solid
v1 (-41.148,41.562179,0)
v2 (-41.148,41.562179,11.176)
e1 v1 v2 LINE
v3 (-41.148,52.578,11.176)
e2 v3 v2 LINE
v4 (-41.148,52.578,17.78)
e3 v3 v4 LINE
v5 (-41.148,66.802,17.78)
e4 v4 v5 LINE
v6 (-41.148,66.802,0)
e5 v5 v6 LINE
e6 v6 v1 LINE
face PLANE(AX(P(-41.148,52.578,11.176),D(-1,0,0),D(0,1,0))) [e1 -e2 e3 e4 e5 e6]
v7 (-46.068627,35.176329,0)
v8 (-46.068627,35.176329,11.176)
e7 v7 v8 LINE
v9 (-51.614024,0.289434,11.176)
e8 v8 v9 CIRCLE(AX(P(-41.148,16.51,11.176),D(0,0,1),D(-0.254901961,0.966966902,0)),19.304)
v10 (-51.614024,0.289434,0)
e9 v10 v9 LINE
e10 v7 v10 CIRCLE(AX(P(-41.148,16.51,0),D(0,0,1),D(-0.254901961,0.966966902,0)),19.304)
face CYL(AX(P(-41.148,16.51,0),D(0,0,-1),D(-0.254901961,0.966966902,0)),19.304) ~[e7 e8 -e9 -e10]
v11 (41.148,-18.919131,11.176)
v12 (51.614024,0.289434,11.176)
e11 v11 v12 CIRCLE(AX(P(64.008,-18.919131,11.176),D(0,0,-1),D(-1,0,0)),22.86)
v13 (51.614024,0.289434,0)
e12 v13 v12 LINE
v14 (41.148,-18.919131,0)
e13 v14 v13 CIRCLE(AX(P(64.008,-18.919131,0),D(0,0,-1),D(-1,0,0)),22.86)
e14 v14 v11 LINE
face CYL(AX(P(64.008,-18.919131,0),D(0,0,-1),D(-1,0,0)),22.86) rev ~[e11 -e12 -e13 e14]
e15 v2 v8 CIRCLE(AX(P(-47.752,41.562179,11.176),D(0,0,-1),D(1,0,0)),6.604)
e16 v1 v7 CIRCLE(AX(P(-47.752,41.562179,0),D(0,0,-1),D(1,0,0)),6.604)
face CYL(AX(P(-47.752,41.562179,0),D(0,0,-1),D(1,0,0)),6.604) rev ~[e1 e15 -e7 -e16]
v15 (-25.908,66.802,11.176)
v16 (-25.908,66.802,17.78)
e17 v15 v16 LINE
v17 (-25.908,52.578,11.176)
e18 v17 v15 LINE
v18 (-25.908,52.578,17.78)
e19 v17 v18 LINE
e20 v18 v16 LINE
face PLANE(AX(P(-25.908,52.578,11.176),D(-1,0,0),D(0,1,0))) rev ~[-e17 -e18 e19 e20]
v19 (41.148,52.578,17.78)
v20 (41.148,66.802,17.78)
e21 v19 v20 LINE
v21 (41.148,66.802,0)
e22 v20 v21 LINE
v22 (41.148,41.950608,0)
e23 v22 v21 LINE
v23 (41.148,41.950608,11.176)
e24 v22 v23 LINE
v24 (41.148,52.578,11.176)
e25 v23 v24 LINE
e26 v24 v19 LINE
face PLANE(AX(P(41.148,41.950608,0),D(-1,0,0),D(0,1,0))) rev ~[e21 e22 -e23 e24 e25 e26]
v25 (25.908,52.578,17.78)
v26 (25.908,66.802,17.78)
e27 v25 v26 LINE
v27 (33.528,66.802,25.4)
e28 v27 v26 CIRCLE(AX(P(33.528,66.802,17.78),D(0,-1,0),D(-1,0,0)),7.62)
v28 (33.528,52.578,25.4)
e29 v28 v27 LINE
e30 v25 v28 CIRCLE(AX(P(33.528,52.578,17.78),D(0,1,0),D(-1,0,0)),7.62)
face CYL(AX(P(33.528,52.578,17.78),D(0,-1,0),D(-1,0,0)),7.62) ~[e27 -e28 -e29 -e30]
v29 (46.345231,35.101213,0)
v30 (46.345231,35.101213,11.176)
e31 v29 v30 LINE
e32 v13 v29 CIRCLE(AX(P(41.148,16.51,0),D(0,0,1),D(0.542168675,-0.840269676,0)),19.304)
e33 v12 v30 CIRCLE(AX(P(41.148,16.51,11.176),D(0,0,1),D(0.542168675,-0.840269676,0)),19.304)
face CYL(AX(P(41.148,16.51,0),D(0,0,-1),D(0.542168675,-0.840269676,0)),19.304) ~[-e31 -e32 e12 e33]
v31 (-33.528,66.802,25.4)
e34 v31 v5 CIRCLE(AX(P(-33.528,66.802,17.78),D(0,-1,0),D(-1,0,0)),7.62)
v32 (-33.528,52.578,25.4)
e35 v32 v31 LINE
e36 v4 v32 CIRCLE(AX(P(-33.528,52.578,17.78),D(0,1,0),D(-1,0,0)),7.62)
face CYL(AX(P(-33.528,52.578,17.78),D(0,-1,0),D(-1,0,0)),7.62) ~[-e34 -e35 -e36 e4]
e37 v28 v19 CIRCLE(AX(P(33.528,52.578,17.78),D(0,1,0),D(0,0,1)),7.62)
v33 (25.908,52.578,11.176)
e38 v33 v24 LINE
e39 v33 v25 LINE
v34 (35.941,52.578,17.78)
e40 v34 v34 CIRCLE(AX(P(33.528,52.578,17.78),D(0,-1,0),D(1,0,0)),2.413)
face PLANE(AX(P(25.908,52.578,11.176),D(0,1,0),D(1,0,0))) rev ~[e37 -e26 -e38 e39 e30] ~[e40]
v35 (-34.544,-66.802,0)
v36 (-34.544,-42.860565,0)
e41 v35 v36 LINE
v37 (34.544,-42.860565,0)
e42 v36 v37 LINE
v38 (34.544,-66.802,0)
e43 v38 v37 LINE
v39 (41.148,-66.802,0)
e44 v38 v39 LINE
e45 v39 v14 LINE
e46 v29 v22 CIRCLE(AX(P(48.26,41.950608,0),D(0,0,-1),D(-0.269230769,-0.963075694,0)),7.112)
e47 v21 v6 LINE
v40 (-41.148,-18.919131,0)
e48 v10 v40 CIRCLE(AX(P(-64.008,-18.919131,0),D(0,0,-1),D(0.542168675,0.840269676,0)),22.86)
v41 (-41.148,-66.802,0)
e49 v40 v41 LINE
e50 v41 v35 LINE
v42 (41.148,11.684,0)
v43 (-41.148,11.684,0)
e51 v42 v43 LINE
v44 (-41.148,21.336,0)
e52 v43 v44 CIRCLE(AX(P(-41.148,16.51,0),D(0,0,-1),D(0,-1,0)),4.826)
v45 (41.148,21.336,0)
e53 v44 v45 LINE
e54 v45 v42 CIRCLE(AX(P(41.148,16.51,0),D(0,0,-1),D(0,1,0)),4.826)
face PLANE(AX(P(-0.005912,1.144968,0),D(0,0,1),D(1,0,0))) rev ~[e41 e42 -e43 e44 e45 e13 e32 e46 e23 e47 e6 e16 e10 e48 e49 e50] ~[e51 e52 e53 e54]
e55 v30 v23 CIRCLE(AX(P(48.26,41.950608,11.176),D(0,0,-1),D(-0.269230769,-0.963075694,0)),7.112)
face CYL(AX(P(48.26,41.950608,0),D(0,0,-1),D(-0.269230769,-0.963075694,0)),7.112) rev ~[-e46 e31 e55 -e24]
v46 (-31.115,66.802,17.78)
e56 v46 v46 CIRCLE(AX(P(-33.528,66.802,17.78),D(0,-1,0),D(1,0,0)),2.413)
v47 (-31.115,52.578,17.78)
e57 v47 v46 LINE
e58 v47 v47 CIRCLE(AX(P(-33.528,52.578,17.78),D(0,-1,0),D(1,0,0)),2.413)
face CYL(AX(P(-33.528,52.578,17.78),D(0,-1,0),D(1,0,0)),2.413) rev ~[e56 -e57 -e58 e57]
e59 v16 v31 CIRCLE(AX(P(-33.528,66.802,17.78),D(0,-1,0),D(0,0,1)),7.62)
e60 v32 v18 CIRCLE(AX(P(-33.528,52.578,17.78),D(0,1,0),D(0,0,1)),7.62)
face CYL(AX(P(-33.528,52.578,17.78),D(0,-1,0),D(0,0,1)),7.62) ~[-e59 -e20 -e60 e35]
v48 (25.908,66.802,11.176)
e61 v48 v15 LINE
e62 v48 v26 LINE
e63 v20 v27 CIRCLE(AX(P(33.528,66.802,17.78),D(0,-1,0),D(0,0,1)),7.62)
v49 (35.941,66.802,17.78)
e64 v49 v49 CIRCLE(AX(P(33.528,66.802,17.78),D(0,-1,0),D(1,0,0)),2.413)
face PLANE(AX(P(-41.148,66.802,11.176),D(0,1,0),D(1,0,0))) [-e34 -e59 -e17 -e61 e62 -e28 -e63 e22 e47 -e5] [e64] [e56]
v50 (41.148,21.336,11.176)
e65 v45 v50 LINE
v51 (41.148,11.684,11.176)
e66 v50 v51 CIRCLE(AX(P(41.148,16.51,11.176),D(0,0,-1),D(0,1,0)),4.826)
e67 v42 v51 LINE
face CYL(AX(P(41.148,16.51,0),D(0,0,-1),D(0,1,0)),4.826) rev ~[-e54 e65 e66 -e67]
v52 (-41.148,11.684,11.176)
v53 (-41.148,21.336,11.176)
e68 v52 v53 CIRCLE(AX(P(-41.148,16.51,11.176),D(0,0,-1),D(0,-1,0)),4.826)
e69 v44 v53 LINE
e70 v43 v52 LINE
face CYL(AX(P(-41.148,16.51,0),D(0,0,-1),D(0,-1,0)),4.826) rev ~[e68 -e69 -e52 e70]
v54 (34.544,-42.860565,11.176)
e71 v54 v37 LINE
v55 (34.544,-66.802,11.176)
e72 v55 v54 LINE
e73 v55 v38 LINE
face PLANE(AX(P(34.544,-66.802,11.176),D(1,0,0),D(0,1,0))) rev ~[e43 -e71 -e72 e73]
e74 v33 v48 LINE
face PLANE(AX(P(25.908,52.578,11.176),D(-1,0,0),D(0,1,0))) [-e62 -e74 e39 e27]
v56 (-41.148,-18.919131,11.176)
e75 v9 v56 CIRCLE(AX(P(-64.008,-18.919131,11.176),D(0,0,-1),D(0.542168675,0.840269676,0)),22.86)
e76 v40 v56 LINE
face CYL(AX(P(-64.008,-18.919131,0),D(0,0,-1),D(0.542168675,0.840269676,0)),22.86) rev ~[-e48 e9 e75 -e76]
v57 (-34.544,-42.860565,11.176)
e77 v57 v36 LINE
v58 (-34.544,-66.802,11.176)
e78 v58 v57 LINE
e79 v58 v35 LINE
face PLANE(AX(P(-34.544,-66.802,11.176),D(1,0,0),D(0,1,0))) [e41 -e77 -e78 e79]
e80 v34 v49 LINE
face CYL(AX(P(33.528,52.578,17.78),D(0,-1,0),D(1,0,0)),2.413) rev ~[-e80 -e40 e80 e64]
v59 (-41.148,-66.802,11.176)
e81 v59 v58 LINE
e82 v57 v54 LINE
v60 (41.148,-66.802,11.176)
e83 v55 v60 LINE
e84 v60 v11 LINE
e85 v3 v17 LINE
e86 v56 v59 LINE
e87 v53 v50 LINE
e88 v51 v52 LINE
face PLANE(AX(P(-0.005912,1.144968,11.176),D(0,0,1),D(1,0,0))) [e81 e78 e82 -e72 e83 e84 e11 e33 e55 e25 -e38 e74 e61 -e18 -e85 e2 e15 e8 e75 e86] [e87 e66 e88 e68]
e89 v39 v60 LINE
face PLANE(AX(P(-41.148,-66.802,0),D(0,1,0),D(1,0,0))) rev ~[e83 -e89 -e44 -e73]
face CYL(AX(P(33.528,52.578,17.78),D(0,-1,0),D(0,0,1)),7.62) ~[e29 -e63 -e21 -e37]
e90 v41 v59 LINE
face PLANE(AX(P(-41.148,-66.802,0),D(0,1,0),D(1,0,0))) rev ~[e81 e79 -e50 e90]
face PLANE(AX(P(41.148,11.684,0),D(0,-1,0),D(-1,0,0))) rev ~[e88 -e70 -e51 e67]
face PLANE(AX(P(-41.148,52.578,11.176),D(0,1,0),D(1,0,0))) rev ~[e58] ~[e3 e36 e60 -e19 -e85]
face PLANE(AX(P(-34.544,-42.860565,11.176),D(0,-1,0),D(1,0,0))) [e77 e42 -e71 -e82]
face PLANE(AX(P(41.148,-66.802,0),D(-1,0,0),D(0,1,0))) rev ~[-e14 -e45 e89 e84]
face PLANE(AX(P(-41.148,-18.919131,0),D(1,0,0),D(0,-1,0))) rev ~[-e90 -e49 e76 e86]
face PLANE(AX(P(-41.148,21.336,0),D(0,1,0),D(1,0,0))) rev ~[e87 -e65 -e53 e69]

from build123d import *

# Parameters (mm, degrees)
F1_DEPTH  = 11.176
F2_W      = 15.24
F2_H      = 14.224
F3_DEPTH  = 14.224
F4_R      = 2.413
F5_DEPTH  = 14.225
F7_DEPTH  = 14.225
F9_DEPTH  = 14.225
F10_W     = 69.088
F10_H     = 23.9414346935
F11_DEPTH = 11.177


with BuildPart() as f1:
    # F0 (on Top) → F1 (new body)
    with BuildSketch(Plane.XY):
        with BuildLine():
            Line((36.576, -66.802), (41.148, -66.802))
            Line((41.148, -66.802), (41.148, -18.9191306131))
            ThreePointArc((41.148, -18.9191306131), (43.9343121331, -7.9817335086), (51.6140240964, 0.2894341771))
            ThreePointArc((51.6140240964, 0.2894341771), (60.2346282504, 19.3987779476), (46.3452307692, 35.1012132022))
            ThreePointArc((46.3452307692, 35.1012132022), (42.5943851715, 37.6516131673), (41.148, 41.9506075399))
            Line((41.148, 41.9506075399), (41.148, 66.802))
            Line((41.148, 66.802), (36.576, 66.802))
            Line((36.576, 66.802), (-36.576, 66.802))
            Line((-36.576, 66.802), (-41.148, 66.802))
            Line((-41.148, 66.802), (-41.148, 41.5621785081))
            ThreePointArc((-41.148, 41.5621785081), (-42.5208525009, 37.5313086462), (-46.068627451, 35.1763290844))
            ThreePointArc((-46.068627451, 35.1763290844), (-60.2126563181, 19.5403952666), (-51.6140240964, 0.2894341771))
            ThreePointArc((-51.6140240964, 0.2894341771), (-43.9343121331, -7.9817335086), (-41.148, -18.9191306131))
            Line((-41.148, -18.9191306131), (-41.148, -66.802))
            Line((-41.148, -66.802), (-36.576, -66.802))
            Line((-36.576, -66.802), (36.576, -66.802))
        make_face()
        with BuildLine():
            ThreePointArc((-41.148, 11.684), (-45.974, 16.51), (-41.148, 21.336))
            Line((-41.148, 21.336), (41.148, 21.336))
            ThreePointArc((41.148, 21.336), (45.974, 16.51), (41.148, 11.684))
            Line((41.148, 11.684), (-41.148, 11.684))
        make_face(mode=Mode.SUBTRACT)
    extrude(amount=F1_DEPTH)

    # F2 (on face) → F3 (join)
    with BuildSketch(Plane.XY.offset(11.176)):
        with Locations((-33.528, 59.69)):
            Rectangle(F2_W, F2_H)
        with Locations((33.528, 59.69)):
            Rectangle(F2_W, F2_H)
    extrude(amount=F3_DEPTH)

    # F4 (on face) → F5 (cut, through all)
    with BuildSketch(Plane.XZ.offset(-52.578)):
        with Locations((-33.528, 17.78)):
            Circle(F4_R)
        with Locations((33.528, 17.78)):
            Circle(F4_R)
    extrude(amount=-F5_DEPTH, mode=Mode.SUBTRACT)

    # F6 (on face) → F7 (cut, through all)
    with BuildSketch(Plane.XZ.offset(-52.578)):
        with BuildLine():
            ThreePointArc((33.528, 25.4), (38.9161536726, 23.1681536726), (41.148, 17.78))
            Line((41.148, 17.78), (41.148, 25.4))
            Line((41.148, 25.4), (33.528, 25.4))
        make_face()
        with BuildLine():
            ThreePointArc((25.908, 17.78), (28.1398463274, 23.1681536726), (33.528, 25.4))
            Line((33.528, 25.4), (25.908, 25.4))
            Line((25.908, 25.4), (25.908, 17.78))
        make_face()
    extrude(amount=-F7_DEPTH, mode=Mode.SUBTRACT)

    # F8 (on face) → F9 (cut, through all)
    with BuildSketch(Plane.XZ.offset(-52.578)):
        with BuildLine():
            ThreePointArc((-41.148, 17.78), (-38.9161536726, 23.1681536726), (-33.528, 25.4))
            Line((-33.528, 25.4), (-41.148, 25.4))
            Line((-41.148, 25.4), (-41.148, 17.78))
        make_face()
        with BuildLine():
            ThreePointArc((-33.528, 25.4), (-28.1398463274, 23.1681536726), (-25.908, 17.78))
            Line((-25.908, 17.78), (-25.908, 25.4))
            Line((-25.908, 25.4), (-33.528, 25.4))
        make_face()
    extrude(amount=-F9_DEPTH, mode=Mode.SUBTRACT)

    # F10 (on face) → F11 (cut, through all)
    with BuildSketch(Plane.XY.offset(11.176)):
        with Locations((0, -54.8312826533)):
            Rectangle(F10_W, F10_H)
    extrude(amount=-F11_DEPTH, mode=Mode.SUBTRACT)


solid = f1.part
